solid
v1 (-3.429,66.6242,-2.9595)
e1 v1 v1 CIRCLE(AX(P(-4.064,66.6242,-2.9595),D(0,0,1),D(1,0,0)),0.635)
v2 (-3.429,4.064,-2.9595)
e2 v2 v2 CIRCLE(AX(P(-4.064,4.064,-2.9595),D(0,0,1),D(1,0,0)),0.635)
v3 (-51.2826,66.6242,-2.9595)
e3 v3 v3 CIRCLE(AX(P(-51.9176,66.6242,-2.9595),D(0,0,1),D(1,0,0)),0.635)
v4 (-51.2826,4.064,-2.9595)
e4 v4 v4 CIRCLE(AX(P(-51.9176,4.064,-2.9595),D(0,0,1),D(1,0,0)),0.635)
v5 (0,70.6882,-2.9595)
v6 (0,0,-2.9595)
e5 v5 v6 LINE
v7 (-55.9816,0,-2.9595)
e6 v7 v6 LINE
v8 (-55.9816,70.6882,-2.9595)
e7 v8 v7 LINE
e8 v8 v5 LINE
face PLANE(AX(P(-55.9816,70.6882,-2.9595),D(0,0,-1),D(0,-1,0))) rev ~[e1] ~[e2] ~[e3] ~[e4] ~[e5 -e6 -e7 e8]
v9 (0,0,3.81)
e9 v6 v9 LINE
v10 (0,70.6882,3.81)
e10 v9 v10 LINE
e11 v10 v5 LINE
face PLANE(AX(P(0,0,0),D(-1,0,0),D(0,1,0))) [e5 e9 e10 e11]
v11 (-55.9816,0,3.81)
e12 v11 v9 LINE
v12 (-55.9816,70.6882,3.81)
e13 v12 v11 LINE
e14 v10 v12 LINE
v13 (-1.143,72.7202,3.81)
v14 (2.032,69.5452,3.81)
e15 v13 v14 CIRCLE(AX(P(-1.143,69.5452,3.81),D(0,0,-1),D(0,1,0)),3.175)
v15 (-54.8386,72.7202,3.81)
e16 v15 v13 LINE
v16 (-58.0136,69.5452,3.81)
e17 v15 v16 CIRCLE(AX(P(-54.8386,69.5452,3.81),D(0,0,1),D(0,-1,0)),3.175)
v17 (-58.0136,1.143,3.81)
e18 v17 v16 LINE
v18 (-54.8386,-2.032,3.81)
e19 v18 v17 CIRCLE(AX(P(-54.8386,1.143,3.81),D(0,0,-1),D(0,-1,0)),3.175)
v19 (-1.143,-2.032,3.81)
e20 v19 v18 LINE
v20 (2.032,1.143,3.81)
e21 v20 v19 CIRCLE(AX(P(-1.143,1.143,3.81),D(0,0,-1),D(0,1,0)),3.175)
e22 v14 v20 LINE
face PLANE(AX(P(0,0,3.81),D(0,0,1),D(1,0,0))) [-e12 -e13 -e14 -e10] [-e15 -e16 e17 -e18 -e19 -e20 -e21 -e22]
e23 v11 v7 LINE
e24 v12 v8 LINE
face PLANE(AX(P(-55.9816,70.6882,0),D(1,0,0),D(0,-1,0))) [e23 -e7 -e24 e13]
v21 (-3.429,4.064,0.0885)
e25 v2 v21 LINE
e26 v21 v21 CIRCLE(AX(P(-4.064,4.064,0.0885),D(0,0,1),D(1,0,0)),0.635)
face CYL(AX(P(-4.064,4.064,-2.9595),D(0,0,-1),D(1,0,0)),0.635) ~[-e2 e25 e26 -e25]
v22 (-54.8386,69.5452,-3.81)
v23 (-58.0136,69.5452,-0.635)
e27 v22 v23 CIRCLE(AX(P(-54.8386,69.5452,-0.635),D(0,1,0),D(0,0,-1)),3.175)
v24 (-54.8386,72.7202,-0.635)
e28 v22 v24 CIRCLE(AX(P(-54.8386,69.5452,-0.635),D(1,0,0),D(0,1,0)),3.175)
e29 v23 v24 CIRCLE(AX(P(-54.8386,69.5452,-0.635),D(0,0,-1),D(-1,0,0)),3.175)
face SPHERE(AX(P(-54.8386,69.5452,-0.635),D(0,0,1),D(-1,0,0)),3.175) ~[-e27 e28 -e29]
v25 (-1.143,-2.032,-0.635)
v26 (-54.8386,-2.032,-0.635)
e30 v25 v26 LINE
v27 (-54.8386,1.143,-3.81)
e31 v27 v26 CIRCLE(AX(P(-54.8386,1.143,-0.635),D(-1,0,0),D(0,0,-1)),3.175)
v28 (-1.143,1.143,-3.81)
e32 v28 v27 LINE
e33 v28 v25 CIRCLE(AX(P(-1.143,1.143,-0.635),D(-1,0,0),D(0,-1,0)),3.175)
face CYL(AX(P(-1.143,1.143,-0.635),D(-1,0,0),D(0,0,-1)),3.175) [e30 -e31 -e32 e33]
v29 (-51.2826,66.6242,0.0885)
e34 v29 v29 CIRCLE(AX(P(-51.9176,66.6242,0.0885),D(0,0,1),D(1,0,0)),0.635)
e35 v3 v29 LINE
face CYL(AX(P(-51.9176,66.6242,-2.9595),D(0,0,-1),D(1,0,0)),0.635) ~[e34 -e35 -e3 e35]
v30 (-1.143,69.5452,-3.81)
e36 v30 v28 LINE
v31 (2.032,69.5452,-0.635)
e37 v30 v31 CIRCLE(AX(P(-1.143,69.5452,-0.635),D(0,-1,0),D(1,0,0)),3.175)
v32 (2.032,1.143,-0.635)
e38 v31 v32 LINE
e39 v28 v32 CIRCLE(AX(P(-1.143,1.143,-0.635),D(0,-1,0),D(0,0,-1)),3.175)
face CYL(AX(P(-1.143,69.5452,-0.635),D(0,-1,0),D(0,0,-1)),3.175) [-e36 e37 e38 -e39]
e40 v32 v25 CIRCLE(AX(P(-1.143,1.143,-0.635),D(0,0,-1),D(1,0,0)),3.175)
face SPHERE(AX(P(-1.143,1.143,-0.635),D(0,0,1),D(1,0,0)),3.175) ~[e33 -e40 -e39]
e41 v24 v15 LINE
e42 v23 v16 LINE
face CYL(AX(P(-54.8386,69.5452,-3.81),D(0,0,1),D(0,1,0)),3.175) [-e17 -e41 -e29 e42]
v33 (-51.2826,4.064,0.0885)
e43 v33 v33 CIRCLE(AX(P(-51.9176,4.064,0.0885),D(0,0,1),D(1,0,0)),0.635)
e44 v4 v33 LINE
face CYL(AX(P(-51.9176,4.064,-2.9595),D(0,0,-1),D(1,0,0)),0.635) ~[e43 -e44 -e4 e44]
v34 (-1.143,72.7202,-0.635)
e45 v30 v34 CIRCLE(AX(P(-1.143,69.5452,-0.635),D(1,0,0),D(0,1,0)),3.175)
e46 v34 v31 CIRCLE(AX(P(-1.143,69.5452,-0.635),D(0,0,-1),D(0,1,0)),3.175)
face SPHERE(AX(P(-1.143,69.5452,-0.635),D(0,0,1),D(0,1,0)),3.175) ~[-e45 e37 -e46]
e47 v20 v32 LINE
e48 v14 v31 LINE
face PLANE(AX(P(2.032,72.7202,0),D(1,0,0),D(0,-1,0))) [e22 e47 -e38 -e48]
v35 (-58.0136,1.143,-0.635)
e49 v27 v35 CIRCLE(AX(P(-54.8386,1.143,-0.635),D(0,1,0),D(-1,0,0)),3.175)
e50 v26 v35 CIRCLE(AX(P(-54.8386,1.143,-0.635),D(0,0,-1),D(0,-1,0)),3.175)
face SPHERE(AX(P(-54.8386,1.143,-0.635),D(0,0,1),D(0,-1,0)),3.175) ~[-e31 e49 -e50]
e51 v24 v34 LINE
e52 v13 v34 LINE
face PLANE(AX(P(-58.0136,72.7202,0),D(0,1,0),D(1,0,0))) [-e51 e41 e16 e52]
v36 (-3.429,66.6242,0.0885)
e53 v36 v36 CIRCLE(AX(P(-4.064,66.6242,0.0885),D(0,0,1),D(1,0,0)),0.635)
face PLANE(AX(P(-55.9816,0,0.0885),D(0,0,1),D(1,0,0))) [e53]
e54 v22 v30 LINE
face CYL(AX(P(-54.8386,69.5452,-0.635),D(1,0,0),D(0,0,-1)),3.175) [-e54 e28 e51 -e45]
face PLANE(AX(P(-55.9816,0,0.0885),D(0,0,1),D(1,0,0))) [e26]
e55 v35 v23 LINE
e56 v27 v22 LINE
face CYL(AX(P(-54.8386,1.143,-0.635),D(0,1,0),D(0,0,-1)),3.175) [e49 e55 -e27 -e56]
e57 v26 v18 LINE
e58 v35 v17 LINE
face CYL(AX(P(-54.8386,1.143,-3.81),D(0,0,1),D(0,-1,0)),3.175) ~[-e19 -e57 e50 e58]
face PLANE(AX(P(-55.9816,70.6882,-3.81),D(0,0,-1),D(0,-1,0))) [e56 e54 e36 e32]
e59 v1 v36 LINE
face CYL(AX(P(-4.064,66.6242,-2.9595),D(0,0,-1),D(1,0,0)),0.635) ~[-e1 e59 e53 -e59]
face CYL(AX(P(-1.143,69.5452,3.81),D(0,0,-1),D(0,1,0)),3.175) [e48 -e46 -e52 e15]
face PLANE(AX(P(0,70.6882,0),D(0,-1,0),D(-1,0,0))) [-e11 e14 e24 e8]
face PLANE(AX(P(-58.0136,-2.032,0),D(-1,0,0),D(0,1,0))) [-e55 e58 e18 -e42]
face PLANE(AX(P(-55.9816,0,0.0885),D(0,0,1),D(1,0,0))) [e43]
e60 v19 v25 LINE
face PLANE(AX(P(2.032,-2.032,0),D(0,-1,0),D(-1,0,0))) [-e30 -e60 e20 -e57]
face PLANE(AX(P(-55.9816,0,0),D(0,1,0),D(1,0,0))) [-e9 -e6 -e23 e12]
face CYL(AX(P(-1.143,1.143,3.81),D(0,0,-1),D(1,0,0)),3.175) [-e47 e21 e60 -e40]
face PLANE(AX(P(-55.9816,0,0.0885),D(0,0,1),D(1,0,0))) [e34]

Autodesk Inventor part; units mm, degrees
ref_plane "YZ Plane" through (0, 0, 0) normal (1, 0, 0) x (0, 1, 0)
ref_plane "XZ Plane" through (0, 0, 0) normal (0, 1, 0) x (-1, 0, 0)
ref_plane "XY Plane" through (0, 0, 0) normal (0, 0, 1) x (1, 0, 0)
sketch "Sketch1" plane through (0, 0, 0) normal (0, 0, 1) x (1, 0, 0)
  line L0 (0, 0) -> (0, 70.6882)
  line L1 (0, 70.6882) -> (-55.9816, 70.6882)
  line L2 (-55.9816, 70.6882) -> (-55.9816, 0)
  line L3 (-55.9816, 0) -> (0, 0)
  line L4 (-58.0136, 72.7202) -> (2.032, 72.7202)
  line L5 (2.032, 72.7202) -> (2.032, -2.032)
  line L6 (2.032, -2.032) -> (-58.0136, -2.032)
  line L7 (-58.0136, -2.032) -> (-58.0136, 72.7202)
  dimension "d0" = 70.6882
  dimension "d1" = 55.9816
  dimension "d2" = 70.6882
  dimension "d3" = 2.032
extrude "Extrusion1" add sketch "Sketch1" along normal mid plane 7.62
sketch "Sketch2" plane through (-55.9816, 0, 3.81) normal (1, 0, 0) x (0, 0, -1)
  line L0 (7.62, 72.7202) -> (0, 72.7202) projected
  line L1 (7.62, 72.7202) -> (6.858, 72.7202)
  line L2 (7.62, 70.6882) -> (0, 70.6882) projected
  line L3 (7.62, 70.6882) -> (6.7695, 70.6882)
  line L4 (6.7695, 70.6882) -> (6.7695, 0)
  line L5 (7.62, 0) -> (0, 0) projected
  line L6 (6.7695, 0) -> (7.62, 0)
  line L7 (7.62, 70.6882) -> (7.62, 0) projected
  line L8 (7.62, 0) -> (7.62, 70.6882)
  line L9 (7.62, 0) -> (7.62, 70.6882) projected
  line L10 (7.62, 70.6882) -> (6.8499, 70.6882)
  line L11 (0, 0) -> (7.62, 0) projected
  line L12 (6.7695, 0) -> (7.62, 0)
  line L13 (7.62, 0) -> (7.62, 70.6882)
  line L14 (6.6596, 0) -> (7.62, 0)
  line L15 (7.62, 72.7202) -> (7.62, -2.032) projected
  point P0 (3.81, 0)
  dimension "d6" = 0.762
  dimension "d7" = 70.6882
extrude "Extrusion2" add sketch "Sketch2" along normal blind 55.9816
sketch "Sketch3" plane through (-55.9816, 0, -2.9595) normal (0, 0, 1) x (1, 0, 0)
  line L0 (55.9816, 0) -> (0, 0) projected
  line L1 (55.9816, 70.6882) -> (55.9816, 0) projected
  circle A0 centre (51.9176, 4.064) radius 0.635
  line L2 (0, 0) -> (0, 70.6882) projected
  line L3 (0, 0) -> (0, 4.064)
  circle A1 centre (4.064, 4.064) radius 0.635
  line L4 (0, 70.6882) -> (55.9816, 70.6882) projected
  circle A2 centre (4.064, 66.6242) radius 0.635
  line L5 (55.9816, 70.6882) -> (55.9816, 66.6242)
  circle A3 centre (51.9176, 66.6242) radius 0.635
  dimension "d12" = 1.27
  dimension "d15" = 1.27
  dimension "d18" = 1.27
  dimension "d21" = 1.27
extrude "Extrusion3" add sketch "Sketch3" along normal blind 3.048 contours A0 | A1 | A2 | A3
fillet "Fillet1" radius 3.175 4 edges at (2.032, 72.7202, 0) (2.032, -2.032, 0) (-58.0136, 72.7202, 0) (-58.0136, -2.032, 0)
fillet "Fillet2" radius 3.175 8 edges at (1.1021, 71.7903, -3.81) (2.032, 35.3441, -3.81) (1.1021, -1.1021, -3.81) (-27.9908, -2.032, -3.81) (-57.0837, -1.1021, -3.81) (-58.0136, 35.3441, -3.81) (-57.0837, 71.7903, -3.81) (-27.9908, 72.7202, -3.81)
sketch "Sketch4" plane through (0, 0, 3.81) normal (0, 0, 1) x (1, 0, 0)
  line L0 (0, 0) -> (-55.9816, 0) projected
  line L1 (-54.8386, 1.143) -> (-1.143, 1.143) projected
  line L2 (-55.9816, 0) -> (-34.6456, 0)
  line L3 (-34.6456, 0) -> (-34.6456, 10.414)
  line L4 (-34.6456, 10.414) -> (-20.4216, 10.414)
  line L5 (-20.4216, 10.414) -> (-20.4216, 0)
  line L6 (0, 70.6882) -> (0, 0) projected
  line L7 (-20.4216, 0) -> (0, 0)
  dimension "d27" = 21.336
  dimension "d28" = 10.414
  dimension "d31" = 14.224
  dimension "d32" = 10.414
  dimension "d33" = 20.4216
properties part number "Box"
